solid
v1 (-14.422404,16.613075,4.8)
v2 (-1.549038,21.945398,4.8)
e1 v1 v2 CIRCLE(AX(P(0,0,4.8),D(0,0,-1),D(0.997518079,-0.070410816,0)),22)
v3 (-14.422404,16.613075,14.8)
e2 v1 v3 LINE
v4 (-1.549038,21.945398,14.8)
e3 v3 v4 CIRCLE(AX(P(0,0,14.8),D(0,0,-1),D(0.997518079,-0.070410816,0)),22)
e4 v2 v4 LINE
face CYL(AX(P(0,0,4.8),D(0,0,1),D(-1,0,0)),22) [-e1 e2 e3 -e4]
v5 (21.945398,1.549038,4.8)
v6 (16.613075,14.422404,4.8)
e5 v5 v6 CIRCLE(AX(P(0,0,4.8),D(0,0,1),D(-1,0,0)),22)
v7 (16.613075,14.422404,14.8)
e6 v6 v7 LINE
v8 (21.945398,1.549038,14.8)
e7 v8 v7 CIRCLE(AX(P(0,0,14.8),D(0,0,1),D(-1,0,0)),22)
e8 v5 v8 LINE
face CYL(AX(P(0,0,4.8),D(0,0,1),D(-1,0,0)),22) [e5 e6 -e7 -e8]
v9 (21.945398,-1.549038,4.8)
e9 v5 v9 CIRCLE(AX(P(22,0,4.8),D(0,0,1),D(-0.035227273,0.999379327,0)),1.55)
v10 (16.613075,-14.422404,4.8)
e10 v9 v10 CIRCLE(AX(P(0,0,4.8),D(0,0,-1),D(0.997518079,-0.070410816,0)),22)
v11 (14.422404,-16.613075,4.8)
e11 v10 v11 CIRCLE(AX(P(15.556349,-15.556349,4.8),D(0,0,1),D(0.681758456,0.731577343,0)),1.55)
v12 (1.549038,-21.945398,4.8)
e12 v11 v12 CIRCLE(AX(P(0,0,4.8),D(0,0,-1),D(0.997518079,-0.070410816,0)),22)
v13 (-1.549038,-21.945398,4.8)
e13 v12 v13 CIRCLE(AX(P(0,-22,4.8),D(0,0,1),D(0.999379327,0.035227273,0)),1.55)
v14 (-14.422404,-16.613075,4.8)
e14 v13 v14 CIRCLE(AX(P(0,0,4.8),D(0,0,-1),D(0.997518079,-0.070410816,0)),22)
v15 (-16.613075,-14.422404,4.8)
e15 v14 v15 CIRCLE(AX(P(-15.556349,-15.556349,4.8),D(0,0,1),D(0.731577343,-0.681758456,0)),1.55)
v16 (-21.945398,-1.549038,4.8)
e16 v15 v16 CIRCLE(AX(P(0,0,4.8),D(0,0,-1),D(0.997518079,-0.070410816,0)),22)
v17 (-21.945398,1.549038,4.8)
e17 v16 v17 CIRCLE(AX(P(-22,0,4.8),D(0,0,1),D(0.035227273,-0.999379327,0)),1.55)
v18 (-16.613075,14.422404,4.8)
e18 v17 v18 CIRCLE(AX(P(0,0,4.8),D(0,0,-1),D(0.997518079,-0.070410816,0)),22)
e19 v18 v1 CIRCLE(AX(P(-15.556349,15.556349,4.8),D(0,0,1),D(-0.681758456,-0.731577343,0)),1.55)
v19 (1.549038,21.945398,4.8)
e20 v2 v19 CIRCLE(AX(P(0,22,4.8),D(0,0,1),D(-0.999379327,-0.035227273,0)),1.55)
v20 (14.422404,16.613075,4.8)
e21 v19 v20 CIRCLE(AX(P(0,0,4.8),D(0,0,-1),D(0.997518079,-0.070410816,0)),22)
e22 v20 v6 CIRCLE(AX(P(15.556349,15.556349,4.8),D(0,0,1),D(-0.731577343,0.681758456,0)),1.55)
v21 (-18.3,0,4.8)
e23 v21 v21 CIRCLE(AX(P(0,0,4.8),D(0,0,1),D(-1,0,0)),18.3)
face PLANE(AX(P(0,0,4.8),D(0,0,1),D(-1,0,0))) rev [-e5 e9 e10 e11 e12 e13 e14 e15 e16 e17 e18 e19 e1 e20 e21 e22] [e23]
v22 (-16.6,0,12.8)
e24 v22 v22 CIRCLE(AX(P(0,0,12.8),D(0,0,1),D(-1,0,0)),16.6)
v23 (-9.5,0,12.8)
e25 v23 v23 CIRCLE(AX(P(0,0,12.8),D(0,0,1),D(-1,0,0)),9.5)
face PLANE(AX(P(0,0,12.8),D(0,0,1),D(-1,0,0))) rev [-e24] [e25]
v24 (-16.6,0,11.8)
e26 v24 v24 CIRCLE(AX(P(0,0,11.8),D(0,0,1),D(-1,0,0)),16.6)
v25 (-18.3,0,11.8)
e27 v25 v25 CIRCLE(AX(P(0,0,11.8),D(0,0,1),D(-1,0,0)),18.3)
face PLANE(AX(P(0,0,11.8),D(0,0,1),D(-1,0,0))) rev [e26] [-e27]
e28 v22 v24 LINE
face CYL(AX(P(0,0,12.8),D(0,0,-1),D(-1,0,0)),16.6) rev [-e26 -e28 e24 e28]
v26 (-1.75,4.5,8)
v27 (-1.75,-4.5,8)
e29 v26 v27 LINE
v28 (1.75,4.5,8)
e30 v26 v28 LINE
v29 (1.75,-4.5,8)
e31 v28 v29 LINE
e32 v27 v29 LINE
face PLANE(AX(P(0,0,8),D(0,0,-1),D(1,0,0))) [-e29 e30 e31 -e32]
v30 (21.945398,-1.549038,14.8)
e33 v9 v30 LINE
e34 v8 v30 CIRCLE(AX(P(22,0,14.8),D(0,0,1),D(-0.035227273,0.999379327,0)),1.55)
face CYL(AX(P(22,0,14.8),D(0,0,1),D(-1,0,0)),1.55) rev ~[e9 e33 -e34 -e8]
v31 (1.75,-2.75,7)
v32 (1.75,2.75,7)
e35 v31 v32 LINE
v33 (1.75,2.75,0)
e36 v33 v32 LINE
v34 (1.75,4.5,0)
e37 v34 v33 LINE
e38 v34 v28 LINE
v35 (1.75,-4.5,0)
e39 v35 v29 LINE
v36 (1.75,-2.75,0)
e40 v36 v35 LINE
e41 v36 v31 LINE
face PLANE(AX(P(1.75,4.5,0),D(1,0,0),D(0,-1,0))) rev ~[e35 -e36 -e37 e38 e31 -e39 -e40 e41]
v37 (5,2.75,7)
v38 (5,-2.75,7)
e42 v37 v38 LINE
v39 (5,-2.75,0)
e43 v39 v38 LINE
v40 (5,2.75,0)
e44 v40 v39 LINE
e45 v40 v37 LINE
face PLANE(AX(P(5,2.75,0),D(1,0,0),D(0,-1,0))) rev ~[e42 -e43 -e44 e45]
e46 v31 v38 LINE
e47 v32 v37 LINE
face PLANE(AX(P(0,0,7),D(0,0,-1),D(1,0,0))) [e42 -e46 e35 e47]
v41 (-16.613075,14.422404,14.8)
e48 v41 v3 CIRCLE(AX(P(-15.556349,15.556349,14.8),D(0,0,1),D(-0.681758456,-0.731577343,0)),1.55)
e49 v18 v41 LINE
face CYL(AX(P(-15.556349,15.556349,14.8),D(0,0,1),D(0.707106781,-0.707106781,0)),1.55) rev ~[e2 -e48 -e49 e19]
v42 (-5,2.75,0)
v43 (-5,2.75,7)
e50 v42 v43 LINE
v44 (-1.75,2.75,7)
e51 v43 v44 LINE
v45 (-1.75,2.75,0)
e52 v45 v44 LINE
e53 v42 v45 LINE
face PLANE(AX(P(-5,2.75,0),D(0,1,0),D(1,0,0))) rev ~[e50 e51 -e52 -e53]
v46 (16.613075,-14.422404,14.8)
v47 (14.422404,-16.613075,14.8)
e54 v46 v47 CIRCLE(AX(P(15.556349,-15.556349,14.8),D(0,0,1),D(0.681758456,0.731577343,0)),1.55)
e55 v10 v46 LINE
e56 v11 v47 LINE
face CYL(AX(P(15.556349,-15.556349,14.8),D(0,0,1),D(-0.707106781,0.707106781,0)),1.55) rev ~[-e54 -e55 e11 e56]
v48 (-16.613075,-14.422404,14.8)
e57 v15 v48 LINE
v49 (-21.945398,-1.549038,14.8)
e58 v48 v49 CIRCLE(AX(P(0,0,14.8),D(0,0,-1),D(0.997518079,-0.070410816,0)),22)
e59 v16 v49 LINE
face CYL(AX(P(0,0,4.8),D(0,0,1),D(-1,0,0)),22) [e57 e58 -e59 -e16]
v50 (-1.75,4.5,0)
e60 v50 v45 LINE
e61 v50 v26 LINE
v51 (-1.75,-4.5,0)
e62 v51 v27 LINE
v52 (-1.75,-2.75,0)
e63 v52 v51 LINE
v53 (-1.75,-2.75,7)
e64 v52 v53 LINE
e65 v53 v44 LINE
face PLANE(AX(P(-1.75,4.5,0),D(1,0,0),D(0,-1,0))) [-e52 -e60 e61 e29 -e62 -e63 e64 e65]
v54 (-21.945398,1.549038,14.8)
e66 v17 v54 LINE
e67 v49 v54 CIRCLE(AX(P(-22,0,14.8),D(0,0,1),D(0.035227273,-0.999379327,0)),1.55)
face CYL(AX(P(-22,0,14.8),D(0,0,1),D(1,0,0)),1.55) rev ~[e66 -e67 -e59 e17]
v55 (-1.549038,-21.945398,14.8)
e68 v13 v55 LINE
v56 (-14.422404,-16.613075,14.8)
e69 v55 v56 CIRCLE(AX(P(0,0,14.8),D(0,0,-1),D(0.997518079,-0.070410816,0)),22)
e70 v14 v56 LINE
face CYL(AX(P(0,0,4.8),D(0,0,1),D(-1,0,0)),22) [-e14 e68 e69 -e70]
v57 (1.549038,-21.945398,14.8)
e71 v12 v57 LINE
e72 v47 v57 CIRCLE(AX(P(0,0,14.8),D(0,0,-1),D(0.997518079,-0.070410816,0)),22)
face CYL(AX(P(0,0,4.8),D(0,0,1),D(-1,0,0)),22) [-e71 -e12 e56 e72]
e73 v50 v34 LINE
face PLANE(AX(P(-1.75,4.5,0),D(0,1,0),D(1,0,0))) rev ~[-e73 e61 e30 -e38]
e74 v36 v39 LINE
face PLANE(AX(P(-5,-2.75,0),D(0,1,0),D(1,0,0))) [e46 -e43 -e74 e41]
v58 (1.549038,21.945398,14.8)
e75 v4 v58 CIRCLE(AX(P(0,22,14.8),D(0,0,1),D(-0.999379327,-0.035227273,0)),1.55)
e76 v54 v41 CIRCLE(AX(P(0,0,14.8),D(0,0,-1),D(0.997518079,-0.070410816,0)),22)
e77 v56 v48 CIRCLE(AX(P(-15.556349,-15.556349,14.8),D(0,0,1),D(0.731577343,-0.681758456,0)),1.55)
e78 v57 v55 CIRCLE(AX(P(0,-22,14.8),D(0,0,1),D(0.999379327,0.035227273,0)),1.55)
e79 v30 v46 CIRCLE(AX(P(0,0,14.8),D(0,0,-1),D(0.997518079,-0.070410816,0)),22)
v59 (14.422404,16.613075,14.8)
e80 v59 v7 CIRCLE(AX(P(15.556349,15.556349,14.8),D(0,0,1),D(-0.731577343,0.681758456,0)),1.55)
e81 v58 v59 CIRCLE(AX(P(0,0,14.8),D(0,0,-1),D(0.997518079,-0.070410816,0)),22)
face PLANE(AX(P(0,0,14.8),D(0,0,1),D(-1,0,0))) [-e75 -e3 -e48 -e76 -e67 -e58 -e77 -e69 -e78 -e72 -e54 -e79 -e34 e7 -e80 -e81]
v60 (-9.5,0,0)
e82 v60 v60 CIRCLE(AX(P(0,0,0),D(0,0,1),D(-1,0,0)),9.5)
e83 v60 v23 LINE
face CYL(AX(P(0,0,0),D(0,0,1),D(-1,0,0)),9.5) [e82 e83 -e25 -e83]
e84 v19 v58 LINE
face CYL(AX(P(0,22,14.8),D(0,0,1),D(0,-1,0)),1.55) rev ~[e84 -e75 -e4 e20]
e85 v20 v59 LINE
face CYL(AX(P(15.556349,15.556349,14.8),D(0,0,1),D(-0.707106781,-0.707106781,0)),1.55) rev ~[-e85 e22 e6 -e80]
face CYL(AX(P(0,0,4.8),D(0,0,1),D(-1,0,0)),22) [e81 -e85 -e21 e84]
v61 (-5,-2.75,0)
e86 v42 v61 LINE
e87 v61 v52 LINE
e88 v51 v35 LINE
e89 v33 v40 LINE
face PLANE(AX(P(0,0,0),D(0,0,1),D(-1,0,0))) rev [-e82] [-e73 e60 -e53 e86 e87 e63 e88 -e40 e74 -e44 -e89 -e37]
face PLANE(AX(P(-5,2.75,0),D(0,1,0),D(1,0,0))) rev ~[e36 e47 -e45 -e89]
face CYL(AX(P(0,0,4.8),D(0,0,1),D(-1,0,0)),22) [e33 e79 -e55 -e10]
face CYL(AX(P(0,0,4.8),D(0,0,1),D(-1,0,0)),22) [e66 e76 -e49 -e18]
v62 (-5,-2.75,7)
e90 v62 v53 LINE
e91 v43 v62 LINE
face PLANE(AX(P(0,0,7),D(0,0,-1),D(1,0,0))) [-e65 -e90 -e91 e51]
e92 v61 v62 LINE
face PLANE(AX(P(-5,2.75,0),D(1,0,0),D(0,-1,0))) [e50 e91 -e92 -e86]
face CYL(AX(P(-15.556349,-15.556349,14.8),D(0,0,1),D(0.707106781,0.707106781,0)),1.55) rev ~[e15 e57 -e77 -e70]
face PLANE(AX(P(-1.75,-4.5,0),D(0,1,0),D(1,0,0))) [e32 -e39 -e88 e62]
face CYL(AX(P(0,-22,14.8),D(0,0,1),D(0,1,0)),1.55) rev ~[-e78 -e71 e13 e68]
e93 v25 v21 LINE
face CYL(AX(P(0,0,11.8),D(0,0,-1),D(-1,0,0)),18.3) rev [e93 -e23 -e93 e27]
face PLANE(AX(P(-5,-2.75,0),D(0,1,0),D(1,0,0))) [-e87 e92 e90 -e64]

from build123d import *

# Parameters (mm, degrees)
SKETCH004_W        = 3.5
SKETCH004_H        = 9
POCKET001_DEPTH    = 8
SKETCH005_W        = 10
SKETCH005_H        = 5.5
POCKET002_DEPTH    = 7
SKETCH007_R        = 1.55
POCKET003_DEPTH    = 142.723477
POLARPATTERN_COUNT = 8


with BuildPart() as part:
    # Sketch → Revolution (revolve)
    with BuildSketch(Plane.XZ):
        Polygon((-18.3, 4.8), (-22, 4.8), (-22, 14.8), (0, 14.8), (0, 0), (-9.5, 0), (-9.5, 12.8), (-16.6, 12.8), (-16.6, 11.8), (-18.3, 11.8), align=None)
    revolve(axis=Axis((0, 0, 0), (0, 0, 1)))

    # Sketch004 (on Face4 of Revolution) → Pocket001 (cut)
    with BuildSketch(Plane(origin=(0, 0, 0), x_dir=(1, 0, 0), z_dir=(0, 0, -1))):
        Rectangle(SKETCH004_W, SKETCH004_H)
    extrude(amount=-POCKET001_DEPTH, mode=Mode.SUBTRACT)

    # Sketch005 (on Face9 of Pocket001) → Pocket002 (cut)
    with BuildSketch(Plane(origin=(0, 0, 0), x_dir=(1, 0, 0), z_dir=(0, 0, -1))):
        Rectangle(SKETCH005_W, SKETCH005_H)
    extrude(amount=-POCKET002_DEPTH, mode=Mode.SUBTRACT)

    # Sketch007 (on Face5 of Pocket002) → Pocket003 (cut, through all)
    with BuildSketch(Plane(origin=(0, 0, 14.8), x_dir=(-1, 0, 0), z_dir=(0, 0, 1))):
        with Locations((-22, 0)):
            Circle(SKETCH007_R)
    pocket003 = extrude(amount=-POCKET003_DEPTH, mode=Mode.SUBTRACT)

    # PolarPattern: Pocket003 ×8 about axis
    polarpattern_axis = Axis((0, 0, 0), (0, 0, 1))
    for i in range(1, POLARPATTERN_COUNT):
        add(pocket003.rotate(polarpattern_axis, i * 360 / POLARPATTERN_COUNT), mode=Mode.SUBTRACT)


solid = part.part
